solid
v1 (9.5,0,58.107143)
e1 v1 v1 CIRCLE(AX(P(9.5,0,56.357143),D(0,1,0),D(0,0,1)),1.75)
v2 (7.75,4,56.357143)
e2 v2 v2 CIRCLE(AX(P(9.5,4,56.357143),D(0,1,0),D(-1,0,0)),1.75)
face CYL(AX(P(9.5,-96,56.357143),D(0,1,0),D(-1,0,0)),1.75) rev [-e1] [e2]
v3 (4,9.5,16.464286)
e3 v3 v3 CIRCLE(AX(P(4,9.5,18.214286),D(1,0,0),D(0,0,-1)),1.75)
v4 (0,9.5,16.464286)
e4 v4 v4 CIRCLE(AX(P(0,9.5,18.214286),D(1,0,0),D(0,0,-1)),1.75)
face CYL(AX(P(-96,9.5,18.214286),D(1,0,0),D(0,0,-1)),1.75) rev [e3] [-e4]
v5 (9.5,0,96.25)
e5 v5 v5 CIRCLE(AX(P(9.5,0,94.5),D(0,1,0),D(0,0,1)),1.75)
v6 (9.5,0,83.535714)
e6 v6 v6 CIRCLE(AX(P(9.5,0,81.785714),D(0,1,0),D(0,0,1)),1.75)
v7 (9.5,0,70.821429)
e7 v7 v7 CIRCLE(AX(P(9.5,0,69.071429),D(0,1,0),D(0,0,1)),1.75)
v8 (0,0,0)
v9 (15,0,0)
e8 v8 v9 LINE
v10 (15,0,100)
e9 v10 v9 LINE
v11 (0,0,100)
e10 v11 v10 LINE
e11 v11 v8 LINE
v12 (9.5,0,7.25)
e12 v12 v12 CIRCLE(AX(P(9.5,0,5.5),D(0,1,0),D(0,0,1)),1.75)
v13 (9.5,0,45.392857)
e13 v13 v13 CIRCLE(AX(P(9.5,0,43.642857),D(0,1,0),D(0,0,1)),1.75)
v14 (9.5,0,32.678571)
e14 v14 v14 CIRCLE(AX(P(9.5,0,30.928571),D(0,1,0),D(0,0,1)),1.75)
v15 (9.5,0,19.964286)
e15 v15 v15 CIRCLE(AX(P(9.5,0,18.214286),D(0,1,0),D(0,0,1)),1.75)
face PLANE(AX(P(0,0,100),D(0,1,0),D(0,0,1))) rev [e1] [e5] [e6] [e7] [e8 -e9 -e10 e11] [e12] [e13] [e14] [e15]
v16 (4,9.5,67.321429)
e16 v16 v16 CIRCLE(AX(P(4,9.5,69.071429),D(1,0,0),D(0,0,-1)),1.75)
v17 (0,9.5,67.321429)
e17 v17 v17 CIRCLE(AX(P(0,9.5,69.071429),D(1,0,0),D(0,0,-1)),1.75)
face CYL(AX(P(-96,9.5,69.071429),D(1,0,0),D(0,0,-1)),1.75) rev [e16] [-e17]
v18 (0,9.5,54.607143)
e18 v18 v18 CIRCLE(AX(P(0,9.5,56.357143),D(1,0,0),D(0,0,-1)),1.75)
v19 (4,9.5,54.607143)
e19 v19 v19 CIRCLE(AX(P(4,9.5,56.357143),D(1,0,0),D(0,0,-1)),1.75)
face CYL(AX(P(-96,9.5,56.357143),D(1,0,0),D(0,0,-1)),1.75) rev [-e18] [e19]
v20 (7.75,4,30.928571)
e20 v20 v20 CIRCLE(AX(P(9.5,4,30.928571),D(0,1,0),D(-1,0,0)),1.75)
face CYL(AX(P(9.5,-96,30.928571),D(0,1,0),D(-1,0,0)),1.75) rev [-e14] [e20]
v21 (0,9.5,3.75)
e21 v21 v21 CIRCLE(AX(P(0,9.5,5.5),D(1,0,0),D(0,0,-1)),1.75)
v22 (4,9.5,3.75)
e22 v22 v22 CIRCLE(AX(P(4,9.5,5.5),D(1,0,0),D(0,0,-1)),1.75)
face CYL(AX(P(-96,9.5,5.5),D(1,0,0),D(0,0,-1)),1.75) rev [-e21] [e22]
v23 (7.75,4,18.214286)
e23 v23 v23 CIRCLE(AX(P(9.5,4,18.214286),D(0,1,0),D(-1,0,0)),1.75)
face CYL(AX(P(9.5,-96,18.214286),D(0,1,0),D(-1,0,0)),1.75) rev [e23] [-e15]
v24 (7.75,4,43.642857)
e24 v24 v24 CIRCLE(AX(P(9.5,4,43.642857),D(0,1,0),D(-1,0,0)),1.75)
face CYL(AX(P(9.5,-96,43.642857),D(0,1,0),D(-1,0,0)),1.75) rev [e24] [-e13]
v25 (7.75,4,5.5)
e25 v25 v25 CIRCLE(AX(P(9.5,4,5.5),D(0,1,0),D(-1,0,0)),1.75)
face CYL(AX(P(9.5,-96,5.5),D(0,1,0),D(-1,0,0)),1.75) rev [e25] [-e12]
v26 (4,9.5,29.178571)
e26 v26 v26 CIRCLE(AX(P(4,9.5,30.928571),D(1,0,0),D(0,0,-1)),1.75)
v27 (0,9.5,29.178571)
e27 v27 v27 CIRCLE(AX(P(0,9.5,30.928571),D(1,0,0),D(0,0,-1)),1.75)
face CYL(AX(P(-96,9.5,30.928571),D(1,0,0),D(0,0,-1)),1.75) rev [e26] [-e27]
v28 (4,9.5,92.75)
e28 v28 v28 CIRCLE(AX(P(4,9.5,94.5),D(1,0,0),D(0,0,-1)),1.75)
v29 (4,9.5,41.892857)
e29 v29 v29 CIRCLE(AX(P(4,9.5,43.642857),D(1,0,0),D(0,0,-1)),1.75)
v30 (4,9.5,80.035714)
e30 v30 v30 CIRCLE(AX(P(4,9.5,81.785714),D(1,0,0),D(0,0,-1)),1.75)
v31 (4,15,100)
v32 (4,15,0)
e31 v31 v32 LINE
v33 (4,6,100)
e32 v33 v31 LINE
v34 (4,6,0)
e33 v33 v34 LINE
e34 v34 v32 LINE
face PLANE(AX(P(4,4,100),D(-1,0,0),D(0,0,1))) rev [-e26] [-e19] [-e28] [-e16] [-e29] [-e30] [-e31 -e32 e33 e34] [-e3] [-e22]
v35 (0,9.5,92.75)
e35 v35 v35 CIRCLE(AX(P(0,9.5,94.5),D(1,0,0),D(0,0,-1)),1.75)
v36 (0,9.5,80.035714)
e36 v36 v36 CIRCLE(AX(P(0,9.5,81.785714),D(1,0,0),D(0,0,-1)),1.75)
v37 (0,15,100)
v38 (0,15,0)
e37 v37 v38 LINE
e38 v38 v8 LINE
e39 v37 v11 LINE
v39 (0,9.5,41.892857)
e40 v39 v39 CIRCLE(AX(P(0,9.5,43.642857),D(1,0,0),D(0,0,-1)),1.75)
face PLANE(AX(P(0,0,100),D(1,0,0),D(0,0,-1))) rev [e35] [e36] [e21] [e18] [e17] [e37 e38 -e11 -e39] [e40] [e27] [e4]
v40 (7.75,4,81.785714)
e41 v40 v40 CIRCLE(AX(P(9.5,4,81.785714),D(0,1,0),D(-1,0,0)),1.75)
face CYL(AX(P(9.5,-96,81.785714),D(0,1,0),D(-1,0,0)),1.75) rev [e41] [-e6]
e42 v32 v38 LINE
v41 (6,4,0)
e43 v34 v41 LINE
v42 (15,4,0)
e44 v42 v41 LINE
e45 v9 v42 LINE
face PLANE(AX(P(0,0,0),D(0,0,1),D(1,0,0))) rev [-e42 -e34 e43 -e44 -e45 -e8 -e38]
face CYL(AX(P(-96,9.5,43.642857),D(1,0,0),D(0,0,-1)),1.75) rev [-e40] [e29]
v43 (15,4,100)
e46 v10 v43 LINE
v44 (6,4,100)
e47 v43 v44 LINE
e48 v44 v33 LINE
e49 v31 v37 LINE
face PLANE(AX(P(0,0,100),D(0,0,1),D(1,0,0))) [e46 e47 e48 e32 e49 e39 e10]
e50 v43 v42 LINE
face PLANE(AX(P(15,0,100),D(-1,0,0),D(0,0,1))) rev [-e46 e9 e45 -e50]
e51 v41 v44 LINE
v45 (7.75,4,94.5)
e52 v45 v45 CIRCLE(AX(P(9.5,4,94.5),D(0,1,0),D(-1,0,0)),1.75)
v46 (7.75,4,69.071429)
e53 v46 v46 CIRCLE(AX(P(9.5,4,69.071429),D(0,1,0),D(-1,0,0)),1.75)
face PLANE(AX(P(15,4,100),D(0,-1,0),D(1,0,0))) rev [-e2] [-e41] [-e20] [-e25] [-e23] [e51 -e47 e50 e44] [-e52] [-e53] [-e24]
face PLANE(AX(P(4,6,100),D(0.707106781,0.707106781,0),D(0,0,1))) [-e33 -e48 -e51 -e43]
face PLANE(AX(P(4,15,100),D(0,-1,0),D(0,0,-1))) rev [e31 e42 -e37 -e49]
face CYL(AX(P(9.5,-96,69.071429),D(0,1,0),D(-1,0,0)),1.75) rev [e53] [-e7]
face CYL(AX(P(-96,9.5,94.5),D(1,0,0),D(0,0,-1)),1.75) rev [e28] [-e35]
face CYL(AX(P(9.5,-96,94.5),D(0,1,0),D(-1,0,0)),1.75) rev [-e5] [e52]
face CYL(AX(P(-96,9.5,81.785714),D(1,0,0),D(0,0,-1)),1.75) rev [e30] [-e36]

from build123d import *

# Parameters (mm, degrees)
RESSALTO_EXTRUS_O1_DEPTH = 100
ESBO_O2_R                = 1.75
CORTE_EXTRUS_O1_DEPTH    = 100
PADR_O_LINEAR1_COUNT     = 8
PADR_O_LINEAR1_PITCH     = 12.714285714
ESBO_O3_R                = 1.75
CORTE_EXTRUS_O2_DEPTH    = 100
PADR_O_LINEAR2_COUNT     = 8
PADR_O_LINEAR2_PITCH     = 12.714285714
CHANFRO1_SIZE            = 2


with BuildPart() as part:
    # Esboço1 → Ressalto-extrusão1 (new body)
    with BuildSketch(Plane.XY):
        Polygon((0, 0), (0, 15), (4, 15), (4, 4), (15, 4), (15, 0), align=None)
    extrude(amount=RESSALTO_EXTRUS_O1_DEPTH)

    # Esboço2 → Corte-extrusão1 (cut)
    with BuildSketch(Plane(origin=(4, 0, 0), x_dir=(0, 0, -1), z_dir=(1, 0, 0))):
        with Locations((-94.5, 9.5)):
            Circle(ESBO_O2_R)
    corte_extrus_o1 = extrude(amount=-CORTE_EXTRUS_O1_DEPTH, mode=Mode.SUBTRACT)

    # Padrão linear1: Corte-extrusão1 ×8
    with Locations(*[(0, 0, -i * PADR_O_LINEAR1_PITCH) for i in range(1, PADR_O_LINEAR1_COUNT)]):
        add(corte_extrus_o1, mode=Mode.SUBTRACT)

    # Esboço3 → Corte-extrusão2 (cut)
    with BuildSketch(Plane(origin=(0, 4, 0), x_dir=(1, 0, 0), z_dir=(0, 1, 0))):
        with Locations((9.5, -94.5)):
            Circle(ESBO_O3_R)
    corte_extrus_o2 = extrude(amount=-CORTE_EXTRUS_O2_DEPTH, mode=Mode.SUBTRACT)

    # Padrão linear2: Corte-extrusão2 ×8
    with Locations(*[(0, 0, -i * PADR_O_LINEAR2_PITCH) for i in range(1, PADR_O_LINEAR2_COUNT)]):
        add(corte_extrus_o2, mode=Mode.SUBTRACT)

    # Chanfro1
    chanfro1_edges = [part.edges().sort_by_distance(p)[0] for p in [
        (4, 4, 50),
    ]]
    chamfer(chanfro1_edges, length=CHANFRO1_SIZE)


solid = part.part
